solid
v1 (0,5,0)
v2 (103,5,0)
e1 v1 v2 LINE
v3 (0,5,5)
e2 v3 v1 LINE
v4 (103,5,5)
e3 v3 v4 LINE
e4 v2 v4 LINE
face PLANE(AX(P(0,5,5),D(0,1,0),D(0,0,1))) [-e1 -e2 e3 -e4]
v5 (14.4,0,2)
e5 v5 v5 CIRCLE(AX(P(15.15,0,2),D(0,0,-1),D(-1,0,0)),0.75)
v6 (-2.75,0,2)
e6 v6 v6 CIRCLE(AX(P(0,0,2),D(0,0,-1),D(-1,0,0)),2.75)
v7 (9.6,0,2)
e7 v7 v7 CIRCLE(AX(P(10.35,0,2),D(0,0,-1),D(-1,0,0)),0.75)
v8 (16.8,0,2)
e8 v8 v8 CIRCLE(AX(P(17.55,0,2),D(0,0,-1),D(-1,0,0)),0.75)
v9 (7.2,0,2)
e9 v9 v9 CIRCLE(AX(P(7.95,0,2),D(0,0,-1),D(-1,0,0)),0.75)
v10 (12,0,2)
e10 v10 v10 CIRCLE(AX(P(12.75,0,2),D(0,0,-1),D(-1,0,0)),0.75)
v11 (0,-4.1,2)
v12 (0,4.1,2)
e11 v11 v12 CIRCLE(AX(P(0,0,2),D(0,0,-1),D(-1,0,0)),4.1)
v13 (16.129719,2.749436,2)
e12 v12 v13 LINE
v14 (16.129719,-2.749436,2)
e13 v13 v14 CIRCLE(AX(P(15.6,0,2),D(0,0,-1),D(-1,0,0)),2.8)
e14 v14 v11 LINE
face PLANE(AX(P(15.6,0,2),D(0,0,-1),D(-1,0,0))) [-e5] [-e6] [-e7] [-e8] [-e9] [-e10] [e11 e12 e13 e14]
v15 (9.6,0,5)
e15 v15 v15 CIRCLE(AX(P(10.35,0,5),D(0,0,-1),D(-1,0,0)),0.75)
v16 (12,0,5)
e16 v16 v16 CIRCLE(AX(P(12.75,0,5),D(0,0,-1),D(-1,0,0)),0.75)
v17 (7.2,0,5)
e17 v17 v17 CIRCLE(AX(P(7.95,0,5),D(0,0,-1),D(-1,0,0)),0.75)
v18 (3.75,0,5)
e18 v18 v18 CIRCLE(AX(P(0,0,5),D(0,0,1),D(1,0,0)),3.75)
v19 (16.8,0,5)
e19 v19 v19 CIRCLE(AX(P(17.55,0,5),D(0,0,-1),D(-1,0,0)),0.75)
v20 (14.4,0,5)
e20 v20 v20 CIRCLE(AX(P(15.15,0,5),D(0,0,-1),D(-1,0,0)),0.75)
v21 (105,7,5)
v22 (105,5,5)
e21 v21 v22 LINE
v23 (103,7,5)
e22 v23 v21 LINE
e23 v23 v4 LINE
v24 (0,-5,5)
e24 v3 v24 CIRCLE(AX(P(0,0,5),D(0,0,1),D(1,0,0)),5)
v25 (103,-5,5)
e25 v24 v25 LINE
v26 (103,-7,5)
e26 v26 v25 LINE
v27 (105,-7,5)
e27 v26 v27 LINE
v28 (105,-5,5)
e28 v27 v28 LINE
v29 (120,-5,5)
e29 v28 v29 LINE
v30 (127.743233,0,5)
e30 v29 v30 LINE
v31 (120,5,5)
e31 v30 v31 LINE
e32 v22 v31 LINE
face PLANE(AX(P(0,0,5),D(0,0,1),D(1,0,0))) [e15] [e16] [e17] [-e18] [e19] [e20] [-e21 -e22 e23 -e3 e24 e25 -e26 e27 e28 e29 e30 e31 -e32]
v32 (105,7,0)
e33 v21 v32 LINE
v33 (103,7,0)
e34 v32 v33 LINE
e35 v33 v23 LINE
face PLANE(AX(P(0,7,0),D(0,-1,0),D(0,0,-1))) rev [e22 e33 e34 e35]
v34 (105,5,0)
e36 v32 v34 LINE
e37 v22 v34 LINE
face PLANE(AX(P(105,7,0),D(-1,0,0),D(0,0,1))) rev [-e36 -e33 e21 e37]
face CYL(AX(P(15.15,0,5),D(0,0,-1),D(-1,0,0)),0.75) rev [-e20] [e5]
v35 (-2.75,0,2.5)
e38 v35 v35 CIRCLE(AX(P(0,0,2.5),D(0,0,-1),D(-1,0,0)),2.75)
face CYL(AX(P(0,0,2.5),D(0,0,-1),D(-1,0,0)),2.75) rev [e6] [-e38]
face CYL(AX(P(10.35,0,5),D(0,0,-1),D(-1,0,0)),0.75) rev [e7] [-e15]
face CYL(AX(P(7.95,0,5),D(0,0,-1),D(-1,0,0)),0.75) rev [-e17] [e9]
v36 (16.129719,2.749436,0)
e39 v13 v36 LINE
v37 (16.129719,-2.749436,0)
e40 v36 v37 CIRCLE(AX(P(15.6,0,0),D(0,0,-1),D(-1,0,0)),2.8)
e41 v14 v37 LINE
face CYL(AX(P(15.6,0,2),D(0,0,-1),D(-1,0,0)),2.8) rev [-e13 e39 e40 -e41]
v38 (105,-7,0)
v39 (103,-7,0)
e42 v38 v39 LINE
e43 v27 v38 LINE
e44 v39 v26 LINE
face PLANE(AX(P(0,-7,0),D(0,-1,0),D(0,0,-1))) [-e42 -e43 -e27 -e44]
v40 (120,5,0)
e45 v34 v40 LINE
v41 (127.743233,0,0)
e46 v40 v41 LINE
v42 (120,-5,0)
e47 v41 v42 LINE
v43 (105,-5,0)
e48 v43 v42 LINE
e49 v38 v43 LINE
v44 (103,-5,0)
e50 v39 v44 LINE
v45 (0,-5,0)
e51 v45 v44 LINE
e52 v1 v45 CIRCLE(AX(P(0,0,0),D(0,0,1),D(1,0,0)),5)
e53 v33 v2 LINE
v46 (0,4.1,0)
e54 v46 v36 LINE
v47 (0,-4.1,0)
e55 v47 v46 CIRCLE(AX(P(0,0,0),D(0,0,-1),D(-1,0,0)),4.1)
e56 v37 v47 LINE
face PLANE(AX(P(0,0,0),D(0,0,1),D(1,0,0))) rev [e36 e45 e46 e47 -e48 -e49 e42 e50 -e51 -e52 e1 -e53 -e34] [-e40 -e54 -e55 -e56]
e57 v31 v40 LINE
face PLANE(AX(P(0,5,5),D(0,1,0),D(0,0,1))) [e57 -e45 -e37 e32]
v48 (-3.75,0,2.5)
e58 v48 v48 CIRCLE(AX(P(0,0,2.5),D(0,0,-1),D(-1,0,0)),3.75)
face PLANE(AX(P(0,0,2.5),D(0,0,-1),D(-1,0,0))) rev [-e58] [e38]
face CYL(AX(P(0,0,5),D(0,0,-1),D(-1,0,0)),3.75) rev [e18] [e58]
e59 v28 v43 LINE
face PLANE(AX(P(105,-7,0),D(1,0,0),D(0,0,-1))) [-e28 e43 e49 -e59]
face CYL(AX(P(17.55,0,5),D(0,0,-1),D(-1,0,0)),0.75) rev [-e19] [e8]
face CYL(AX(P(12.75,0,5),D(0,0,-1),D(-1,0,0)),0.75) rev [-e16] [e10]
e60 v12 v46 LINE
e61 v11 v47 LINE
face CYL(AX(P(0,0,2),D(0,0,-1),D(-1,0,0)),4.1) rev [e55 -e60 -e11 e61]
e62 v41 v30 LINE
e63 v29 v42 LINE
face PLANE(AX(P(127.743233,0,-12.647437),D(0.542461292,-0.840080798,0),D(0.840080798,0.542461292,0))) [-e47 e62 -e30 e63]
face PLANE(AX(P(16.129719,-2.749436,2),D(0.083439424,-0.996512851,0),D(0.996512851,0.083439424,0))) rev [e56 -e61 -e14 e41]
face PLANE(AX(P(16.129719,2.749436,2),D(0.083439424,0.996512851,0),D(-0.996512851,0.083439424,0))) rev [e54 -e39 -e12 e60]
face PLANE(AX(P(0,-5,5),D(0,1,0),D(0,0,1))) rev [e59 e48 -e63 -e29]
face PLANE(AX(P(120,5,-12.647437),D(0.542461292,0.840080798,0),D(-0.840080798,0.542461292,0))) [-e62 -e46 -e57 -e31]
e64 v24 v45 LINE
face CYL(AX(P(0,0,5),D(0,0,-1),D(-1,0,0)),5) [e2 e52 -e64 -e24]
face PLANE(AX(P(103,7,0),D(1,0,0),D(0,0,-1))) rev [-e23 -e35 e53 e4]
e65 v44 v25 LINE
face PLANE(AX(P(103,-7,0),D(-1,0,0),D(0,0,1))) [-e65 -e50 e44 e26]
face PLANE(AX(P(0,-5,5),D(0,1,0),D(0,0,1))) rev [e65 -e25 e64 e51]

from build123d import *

# Parameters (mm, degrees)
SKETCH1_R               = 3.75
BOSS_EXTRUDE1_DEPTH     = 5
CUT_EXTRUDE2_DEPTH      = 2
SKETCH4_R               = 3.75
SKETCH4_R_2             = 2.75
BOSS_EXTRUDE2_DEPTH     = 0.5
SKETCH5_W               = 2
SKETCH5_H               = 5
BOSS_EXTRUDE3_DEPTH     = 2
SKETCH5_2_W             = 2
SKETCH5_2_H             = 5
BOSS_EXTRUDE4_DEPTH     = 12
CUT_EXTRUDE3_DEPTH      = 121.241423811
CUT_EXTRUDE3_DEPTH_BACK = 121.241423811
SKETCH6_R               = 0.75
BOSS_EXTRUDE5_DEPTH     = 5


with BuildPart() as part:
    # Sketch1 → Boss-Extrude1 (new body)
    with BuildSketch(Plane.XY):
        with BuildLine():
            Line((120, 5), (120, -5))
            Line((120, -5), (0, -5))
            ThreePointArc((0, -5), (-5, 0), (0, 5))
            Line((0, 5), (120, 5))
        make_face()
        Circle(SKETCH1_R, mode=Mode.SUBTRACT)
    extrude(amount=BOSS_EXTRUDE1_DEPTH)

    # Sketch3 → Cut-Extrude2 (cut)
    with BuildSketch(Plane(origin=(0, 0, 0), x_dir=(-1, 0, 0), z_dir=(0, 0, -1))):
        with BuildLine():
            Line((-16.129718884, 2.749435925), (0, 4.1))
            ThreePointArc((0, 4.1), (4.1, 0), (0, -4.1))
            Line((0, -4.1), (-16.129718884, -2.749435925))
            ThreePointArc((-16.129718884, -2.749435925), (-18.4, 0), (-16.129718884, 2.749435925))
        make_face()
    extrude(amount=-CUT_EXTRUDE2_DEPTH, mode=Mode.SUBTRACT)

    # Sketch4 → Boss-Extrude2 (add)
    with BuildSketch(Plane(origin=(0, 0, 2), x_dir=(-1, 0, 0), z_dir=(0, 0, -1))):
        Circle(SKETCH4_R)
        Circle(SKETCH4_R_2, mode=Mode.SUBTRACT)
    extrude(amount=-BOSS_EXTRUDE2_DEPTH)

    # Sketch5 → Boss-Extrude3 (add)
    with BuildSketch(Plane(origin=(0, 5, 0), x_dir=(1, 0, 0), z_dir=(0, 1, 0))):
        with Locations((104, -2.5)):
            Rectangle(SKETCH5_W, SKETCH5_H)
    extrude(amount=BOSS_EXTRUDE3_DEPTH)

    # Sketch5<2> → Boss-Extrude4 (add)
    with BuildSketch(Plane(origin=(0, 5, 0), x_dir=(1, 0, 0), z_dir=(0, 1, 0))):
        with Locations((104, -2.5)):
            Rectangle(SKETCH5_2_W, SKETCH5_2_H)
    extrude(amount=-BOSS_EXTRUDE4_DEPTH)

    # Sketch6 → Cut-Extrude3 (cut, two sides: drawn at the far end of the back side and taken through both)
    with BuildSketch(Plane(origin=(0, 0, 2), x_dir=(-1, 0, 0), z_dir=(0, 0, -1)).offset(-CUT_EXTRUDE3_DEPTH_BACK)):
        with Locations((-17.55, 0)):
            Circle(SKETCH6_R)
        with BuildLine():
            ThreePointArc((-15.9, 0), (-15.15, -0.75), (-14.4, 0))
            Line((-14.4, 0), (-15.9, 0))
        make_face()
        with BuildLine():
            Line((-15.9, 0), (-14.4, 0))
            ThreePointArc((-14.4, 0), (-15.15, 0.75), (-15.9, 0))
        make_face()
        with BuildLine():
            ThreePointArc((-13.5, 0), (-12.75, -0.75), (-12, 0))
            Line((-12, 0), (-13.5, 0))
        make_face()
        with BuildLine():
            Line((-13.5, 0), (-12, 0))
            ThreePointArc((-12, 0), (-12.75, 0.75), (-13.5, 0))
        make_face()
        with BuildLine():
            ThreePointArc((-11.1, 0), (-10.35, -0.75), (-9.6, 0))
            Line((-9.6, 0), (-11.1, 0))
        make_face()
        with BuildLine():
            Line((-11.1, 0), (-9.6, 0))
            ThreePointArc((-9.6, 0), (-10.35, 0.75), (-11.1, 0))
        make_face()
        with BuildLine():
            ThreePointArc((-8.7, 0), (-7.95, -0.75), (-7.2, 0))
            Line((-7.2, 0), (-8.7, 0))
        make_face()
        with BuildLine():
            Line((-8.7, 0), (-7.2, 0))
            ThreePointArc((-7.2, 0), (-7.95, 0.75), (-8.7, 0))
        make_face()
    extrude(amount=CUT_EXTRUDE3_DEPTH + CUT_EXTRUDE3_DEPTH_BACK, mode=Mode.SUBTRACT)

    # Sketch7 → Boss-Extrude5 (add)
    with BuildSketch(Plane.XY.offset(5)):
        Polygon((120, 5), (127.743232655, 0), (120, -5), align=None)
    extrude(amount=-BOSS_EXTRUDE5_DEPTH)


solid = part.part
